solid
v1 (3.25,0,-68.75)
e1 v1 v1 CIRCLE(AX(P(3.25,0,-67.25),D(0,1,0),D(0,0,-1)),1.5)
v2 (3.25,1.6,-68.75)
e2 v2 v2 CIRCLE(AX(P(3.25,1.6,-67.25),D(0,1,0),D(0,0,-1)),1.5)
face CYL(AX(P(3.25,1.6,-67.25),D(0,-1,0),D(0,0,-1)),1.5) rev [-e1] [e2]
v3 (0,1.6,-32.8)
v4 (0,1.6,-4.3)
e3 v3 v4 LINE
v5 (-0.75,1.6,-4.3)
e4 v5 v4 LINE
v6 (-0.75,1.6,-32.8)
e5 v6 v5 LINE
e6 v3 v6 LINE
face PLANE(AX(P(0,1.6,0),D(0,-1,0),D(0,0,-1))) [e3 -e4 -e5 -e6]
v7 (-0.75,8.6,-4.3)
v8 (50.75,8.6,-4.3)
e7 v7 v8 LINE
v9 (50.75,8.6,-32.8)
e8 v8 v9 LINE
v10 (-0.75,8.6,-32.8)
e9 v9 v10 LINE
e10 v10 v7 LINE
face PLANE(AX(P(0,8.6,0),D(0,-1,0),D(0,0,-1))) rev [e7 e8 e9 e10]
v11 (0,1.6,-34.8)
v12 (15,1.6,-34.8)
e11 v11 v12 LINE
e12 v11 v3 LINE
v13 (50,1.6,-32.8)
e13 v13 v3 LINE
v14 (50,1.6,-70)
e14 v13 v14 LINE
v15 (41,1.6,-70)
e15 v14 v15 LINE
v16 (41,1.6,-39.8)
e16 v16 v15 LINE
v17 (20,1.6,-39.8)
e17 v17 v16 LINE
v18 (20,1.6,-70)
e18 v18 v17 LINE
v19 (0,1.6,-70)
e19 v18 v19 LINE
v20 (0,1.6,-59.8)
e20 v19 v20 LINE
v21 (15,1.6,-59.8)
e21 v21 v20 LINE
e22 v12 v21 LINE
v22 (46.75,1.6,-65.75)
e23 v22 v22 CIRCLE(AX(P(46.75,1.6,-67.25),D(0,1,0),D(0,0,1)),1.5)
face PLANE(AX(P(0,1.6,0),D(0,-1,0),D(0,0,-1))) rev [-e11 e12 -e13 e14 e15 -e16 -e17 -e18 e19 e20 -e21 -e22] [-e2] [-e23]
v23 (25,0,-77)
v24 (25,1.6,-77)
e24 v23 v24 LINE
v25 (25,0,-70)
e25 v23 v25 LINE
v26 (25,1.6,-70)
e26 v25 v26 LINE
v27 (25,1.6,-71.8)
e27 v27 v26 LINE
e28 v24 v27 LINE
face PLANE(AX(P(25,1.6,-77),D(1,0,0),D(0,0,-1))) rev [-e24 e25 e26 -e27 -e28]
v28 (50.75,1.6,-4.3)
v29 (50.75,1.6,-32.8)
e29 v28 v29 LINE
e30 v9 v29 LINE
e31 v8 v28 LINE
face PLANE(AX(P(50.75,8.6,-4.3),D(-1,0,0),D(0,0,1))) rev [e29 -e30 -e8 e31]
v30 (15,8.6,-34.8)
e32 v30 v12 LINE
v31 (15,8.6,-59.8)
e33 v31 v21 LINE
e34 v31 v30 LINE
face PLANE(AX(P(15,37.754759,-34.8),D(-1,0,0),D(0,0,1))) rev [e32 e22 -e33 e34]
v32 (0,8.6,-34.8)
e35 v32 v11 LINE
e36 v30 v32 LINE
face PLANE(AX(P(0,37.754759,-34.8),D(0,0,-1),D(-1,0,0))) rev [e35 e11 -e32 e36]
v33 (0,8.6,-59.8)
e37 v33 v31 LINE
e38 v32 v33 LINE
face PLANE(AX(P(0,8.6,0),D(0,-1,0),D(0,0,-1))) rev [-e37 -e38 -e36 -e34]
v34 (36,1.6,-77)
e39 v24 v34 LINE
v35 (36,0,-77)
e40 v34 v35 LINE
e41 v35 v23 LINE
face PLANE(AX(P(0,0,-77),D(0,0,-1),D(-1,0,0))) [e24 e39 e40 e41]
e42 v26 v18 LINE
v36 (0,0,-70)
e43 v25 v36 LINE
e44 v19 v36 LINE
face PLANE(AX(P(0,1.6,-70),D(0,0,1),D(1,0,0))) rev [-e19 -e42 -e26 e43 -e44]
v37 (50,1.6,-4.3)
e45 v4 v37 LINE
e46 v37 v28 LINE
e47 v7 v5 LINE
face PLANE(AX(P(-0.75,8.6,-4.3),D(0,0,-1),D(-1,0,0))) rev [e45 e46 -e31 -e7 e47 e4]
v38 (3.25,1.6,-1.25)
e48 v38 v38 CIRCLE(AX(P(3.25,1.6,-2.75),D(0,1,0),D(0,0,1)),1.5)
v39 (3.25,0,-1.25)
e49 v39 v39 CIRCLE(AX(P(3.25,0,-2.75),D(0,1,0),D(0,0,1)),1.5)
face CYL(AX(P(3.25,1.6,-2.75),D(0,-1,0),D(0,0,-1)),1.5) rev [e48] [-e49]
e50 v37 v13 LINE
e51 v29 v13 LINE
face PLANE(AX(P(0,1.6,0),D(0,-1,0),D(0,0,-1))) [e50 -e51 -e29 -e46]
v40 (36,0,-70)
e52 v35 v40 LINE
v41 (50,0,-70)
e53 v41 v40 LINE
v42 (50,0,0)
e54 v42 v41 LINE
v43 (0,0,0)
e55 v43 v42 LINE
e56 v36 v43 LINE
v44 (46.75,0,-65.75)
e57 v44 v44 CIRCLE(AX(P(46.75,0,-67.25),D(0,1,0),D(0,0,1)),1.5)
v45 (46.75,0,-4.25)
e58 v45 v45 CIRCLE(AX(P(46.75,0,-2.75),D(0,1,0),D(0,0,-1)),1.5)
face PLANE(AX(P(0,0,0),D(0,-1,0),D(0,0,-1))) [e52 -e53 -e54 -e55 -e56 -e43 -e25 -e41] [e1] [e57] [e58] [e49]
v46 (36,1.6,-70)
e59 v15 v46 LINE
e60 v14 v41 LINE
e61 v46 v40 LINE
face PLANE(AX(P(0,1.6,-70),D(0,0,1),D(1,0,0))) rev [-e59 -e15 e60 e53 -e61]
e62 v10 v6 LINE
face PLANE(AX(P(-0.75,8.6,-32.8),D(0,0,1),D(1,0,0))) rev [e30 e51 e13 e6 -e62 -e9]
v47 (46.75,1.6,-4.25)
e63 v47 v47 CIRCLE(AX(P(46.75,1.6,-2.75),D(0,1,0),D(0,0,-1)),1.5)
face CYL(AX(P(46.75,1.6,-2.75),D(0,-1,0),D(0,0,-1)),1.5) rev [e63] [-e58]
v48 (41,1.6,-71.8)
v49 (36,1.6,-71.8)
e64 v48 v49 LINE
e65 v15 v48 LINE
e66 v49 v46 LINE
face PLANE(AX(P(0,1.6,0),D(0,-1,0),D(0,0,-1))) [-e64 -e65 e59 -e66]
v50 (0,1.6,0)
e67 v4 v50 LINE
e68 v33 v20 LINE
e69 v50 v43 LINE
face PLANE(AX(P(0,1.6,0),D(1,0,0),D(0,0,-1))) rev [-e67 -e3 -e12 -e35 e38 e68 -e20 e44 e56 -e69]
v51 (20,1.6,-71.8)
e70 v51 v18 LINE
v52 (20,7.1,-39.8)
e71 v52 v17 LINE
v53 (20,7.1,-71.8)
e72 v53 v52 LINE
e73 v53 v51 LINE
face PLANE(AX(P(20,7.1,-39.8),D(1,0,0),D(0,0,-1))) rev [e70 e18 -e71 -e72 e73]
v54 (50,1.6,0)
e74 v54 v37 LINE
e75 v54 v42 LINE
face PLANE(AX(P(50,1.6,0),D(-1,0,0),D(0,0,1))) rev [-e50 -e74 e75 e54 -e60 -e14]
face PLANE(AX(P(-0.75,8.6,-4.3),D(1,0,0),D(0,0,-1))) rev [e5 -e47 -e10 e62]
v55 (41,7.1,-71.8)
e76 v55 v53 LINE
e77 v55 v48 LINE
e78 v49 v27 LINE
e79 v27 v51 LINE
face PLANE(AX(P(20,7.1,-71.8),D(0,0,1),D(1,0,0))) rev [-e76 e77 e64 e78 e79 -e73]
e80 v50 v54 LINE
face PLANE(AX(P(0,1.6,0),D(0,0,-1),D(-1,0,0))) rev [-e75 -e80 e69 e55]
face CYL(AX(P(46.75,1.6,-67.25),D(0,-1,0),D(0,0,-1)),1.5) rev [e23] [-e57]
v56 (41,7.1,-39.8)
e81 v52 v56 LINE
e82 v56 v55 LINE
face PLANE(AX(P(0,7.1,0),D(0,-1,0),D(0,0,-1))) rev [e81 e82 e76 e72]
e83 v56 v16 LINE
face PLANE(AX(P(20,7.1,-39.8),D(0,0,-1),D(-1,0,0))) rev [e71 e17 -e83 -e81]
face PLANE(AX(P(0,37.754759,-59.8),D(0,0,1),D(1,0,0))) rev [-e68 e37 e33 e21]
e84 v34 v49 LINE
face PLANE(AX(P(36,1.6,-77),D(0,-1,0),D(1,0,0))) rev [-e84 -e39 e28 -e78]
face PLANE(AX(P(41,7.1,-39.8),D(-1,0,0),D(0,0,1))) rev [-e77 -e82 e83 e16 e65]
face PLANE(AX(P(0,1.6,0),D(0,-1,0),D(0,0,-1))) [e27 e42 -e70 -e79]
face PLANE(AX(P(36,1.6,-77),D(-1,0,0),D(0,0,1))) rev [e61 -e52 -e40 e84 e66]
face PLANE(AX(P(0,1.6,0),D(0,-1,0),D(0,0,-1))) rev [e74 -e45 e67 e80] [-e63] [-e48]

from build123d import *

# Parameters (mm, degrees)
SKETCH_1_W      = 50
SKETCH_1_H      = 70
SKETCH_1_R      = 1.5
EXTRUDE_1_DEPTH = 1.6
SKETCH_3_W      = 51.5
SKETCH_3_H      = 28.5
EXTRUDE_2_DEPTH = 7
SKETCH_4_W      = 15
SKETCH_4_H      = 25
EXTRUDE_3_DEPTH = 7
SKETCH_5_W      = 21
SKETCH_5_H      = 32
EXTRUDE_4_DEPTH = 5.5
SKETCH_6_W      = 11
SKETCH_6_H      = 1.6
EXTRUDE_5_DEPTH = 7


with BuildPart() as part:
    # 草图1 → 凸台-拉伸1 (new body)
    with BuildSketch(Plane(origin=(0, 0, 0), x_dir=(1, 0, 0), z_dir=(0, 1, 0))):
        with Locations((25, 35)):
            Rectangle(SKETCH_1_W, SKETCH_1_H)
        with Locations(Location((3.25, 2.75, 0), (0, 0, 270))):
            Circle(SKETCH_1_R, mode=Mode.SUBTRACT)
        with Locations(Location((46.75, 2.75, 0), (0, 0, 90))):
            Circle(SKETCH_1_R, mode=Mode.SUBTRACT)
        with Locations(Location((46.75, 67.25, 0), (0, 0, 270))):
            Circle(SKETCH_1_R, mode=Mode.SUBTRACT)
        with Locations(Location((3.25, 67.25, 0), (0, 0, 90))):
            Circle(SKETCH_1_R, mode=Mode.SUBTRACT)
    extrude(amount=EXTRUDE_1_DEPTH)

    # 草图3 → 凸台-拉伸2 (add)
    with BuildSketch(Plane(origin=(0, 1.6, 0), x_dir=(1, 0, 0), z_dir=(0, 1, 0))):
        with Locations((25, 18.55)):
            Rectangle(SKETCH_3_W, SKETCH_3_H)
    extrude(amount=EXTRUDE_2_DEPTH)

    # 草图4 → 凸台-拉伸3 (add)
    with BuildSketch(Plane(origin=(0, 1.6, 0), x_dir=(1, 0, 0), z_dir=(0, 1, 0))):
        with Locations((7.5, 47.3)):
            Rectangle(SKETCH_4_W, SKETCH_4_H)
    extrude(amount=EXTRUDE_3_DEPTH)

    # 草图5 → 凸台-拉伸4 (add)
    with BuildSketch(Plane(origin=(0, 1.6, 0), x_dir=(1, 0, 0), z_dir=(0, 1, 0))):
        with Locations((30.5, 55.8)):
            Rectangle(SKETCH_5_W, SKETCH_5_H)
    extrude(amount=EXTRUDE_4_DEPTH)

    # 草图6 → 凸台-拉伸5 (add)
    with BuildSketch(Plane(origin=(0, 0, -70), x_dir=(-1, 0, 0), z_dir=(0, 0, -1))):
        with Locations((-30.5, 0.8)):
            Rectangle(SKETCH_6_W, SKETCH_6_H)
    extrude(amount=EXTRUDE_5_DEPTH)


solid = part.part
